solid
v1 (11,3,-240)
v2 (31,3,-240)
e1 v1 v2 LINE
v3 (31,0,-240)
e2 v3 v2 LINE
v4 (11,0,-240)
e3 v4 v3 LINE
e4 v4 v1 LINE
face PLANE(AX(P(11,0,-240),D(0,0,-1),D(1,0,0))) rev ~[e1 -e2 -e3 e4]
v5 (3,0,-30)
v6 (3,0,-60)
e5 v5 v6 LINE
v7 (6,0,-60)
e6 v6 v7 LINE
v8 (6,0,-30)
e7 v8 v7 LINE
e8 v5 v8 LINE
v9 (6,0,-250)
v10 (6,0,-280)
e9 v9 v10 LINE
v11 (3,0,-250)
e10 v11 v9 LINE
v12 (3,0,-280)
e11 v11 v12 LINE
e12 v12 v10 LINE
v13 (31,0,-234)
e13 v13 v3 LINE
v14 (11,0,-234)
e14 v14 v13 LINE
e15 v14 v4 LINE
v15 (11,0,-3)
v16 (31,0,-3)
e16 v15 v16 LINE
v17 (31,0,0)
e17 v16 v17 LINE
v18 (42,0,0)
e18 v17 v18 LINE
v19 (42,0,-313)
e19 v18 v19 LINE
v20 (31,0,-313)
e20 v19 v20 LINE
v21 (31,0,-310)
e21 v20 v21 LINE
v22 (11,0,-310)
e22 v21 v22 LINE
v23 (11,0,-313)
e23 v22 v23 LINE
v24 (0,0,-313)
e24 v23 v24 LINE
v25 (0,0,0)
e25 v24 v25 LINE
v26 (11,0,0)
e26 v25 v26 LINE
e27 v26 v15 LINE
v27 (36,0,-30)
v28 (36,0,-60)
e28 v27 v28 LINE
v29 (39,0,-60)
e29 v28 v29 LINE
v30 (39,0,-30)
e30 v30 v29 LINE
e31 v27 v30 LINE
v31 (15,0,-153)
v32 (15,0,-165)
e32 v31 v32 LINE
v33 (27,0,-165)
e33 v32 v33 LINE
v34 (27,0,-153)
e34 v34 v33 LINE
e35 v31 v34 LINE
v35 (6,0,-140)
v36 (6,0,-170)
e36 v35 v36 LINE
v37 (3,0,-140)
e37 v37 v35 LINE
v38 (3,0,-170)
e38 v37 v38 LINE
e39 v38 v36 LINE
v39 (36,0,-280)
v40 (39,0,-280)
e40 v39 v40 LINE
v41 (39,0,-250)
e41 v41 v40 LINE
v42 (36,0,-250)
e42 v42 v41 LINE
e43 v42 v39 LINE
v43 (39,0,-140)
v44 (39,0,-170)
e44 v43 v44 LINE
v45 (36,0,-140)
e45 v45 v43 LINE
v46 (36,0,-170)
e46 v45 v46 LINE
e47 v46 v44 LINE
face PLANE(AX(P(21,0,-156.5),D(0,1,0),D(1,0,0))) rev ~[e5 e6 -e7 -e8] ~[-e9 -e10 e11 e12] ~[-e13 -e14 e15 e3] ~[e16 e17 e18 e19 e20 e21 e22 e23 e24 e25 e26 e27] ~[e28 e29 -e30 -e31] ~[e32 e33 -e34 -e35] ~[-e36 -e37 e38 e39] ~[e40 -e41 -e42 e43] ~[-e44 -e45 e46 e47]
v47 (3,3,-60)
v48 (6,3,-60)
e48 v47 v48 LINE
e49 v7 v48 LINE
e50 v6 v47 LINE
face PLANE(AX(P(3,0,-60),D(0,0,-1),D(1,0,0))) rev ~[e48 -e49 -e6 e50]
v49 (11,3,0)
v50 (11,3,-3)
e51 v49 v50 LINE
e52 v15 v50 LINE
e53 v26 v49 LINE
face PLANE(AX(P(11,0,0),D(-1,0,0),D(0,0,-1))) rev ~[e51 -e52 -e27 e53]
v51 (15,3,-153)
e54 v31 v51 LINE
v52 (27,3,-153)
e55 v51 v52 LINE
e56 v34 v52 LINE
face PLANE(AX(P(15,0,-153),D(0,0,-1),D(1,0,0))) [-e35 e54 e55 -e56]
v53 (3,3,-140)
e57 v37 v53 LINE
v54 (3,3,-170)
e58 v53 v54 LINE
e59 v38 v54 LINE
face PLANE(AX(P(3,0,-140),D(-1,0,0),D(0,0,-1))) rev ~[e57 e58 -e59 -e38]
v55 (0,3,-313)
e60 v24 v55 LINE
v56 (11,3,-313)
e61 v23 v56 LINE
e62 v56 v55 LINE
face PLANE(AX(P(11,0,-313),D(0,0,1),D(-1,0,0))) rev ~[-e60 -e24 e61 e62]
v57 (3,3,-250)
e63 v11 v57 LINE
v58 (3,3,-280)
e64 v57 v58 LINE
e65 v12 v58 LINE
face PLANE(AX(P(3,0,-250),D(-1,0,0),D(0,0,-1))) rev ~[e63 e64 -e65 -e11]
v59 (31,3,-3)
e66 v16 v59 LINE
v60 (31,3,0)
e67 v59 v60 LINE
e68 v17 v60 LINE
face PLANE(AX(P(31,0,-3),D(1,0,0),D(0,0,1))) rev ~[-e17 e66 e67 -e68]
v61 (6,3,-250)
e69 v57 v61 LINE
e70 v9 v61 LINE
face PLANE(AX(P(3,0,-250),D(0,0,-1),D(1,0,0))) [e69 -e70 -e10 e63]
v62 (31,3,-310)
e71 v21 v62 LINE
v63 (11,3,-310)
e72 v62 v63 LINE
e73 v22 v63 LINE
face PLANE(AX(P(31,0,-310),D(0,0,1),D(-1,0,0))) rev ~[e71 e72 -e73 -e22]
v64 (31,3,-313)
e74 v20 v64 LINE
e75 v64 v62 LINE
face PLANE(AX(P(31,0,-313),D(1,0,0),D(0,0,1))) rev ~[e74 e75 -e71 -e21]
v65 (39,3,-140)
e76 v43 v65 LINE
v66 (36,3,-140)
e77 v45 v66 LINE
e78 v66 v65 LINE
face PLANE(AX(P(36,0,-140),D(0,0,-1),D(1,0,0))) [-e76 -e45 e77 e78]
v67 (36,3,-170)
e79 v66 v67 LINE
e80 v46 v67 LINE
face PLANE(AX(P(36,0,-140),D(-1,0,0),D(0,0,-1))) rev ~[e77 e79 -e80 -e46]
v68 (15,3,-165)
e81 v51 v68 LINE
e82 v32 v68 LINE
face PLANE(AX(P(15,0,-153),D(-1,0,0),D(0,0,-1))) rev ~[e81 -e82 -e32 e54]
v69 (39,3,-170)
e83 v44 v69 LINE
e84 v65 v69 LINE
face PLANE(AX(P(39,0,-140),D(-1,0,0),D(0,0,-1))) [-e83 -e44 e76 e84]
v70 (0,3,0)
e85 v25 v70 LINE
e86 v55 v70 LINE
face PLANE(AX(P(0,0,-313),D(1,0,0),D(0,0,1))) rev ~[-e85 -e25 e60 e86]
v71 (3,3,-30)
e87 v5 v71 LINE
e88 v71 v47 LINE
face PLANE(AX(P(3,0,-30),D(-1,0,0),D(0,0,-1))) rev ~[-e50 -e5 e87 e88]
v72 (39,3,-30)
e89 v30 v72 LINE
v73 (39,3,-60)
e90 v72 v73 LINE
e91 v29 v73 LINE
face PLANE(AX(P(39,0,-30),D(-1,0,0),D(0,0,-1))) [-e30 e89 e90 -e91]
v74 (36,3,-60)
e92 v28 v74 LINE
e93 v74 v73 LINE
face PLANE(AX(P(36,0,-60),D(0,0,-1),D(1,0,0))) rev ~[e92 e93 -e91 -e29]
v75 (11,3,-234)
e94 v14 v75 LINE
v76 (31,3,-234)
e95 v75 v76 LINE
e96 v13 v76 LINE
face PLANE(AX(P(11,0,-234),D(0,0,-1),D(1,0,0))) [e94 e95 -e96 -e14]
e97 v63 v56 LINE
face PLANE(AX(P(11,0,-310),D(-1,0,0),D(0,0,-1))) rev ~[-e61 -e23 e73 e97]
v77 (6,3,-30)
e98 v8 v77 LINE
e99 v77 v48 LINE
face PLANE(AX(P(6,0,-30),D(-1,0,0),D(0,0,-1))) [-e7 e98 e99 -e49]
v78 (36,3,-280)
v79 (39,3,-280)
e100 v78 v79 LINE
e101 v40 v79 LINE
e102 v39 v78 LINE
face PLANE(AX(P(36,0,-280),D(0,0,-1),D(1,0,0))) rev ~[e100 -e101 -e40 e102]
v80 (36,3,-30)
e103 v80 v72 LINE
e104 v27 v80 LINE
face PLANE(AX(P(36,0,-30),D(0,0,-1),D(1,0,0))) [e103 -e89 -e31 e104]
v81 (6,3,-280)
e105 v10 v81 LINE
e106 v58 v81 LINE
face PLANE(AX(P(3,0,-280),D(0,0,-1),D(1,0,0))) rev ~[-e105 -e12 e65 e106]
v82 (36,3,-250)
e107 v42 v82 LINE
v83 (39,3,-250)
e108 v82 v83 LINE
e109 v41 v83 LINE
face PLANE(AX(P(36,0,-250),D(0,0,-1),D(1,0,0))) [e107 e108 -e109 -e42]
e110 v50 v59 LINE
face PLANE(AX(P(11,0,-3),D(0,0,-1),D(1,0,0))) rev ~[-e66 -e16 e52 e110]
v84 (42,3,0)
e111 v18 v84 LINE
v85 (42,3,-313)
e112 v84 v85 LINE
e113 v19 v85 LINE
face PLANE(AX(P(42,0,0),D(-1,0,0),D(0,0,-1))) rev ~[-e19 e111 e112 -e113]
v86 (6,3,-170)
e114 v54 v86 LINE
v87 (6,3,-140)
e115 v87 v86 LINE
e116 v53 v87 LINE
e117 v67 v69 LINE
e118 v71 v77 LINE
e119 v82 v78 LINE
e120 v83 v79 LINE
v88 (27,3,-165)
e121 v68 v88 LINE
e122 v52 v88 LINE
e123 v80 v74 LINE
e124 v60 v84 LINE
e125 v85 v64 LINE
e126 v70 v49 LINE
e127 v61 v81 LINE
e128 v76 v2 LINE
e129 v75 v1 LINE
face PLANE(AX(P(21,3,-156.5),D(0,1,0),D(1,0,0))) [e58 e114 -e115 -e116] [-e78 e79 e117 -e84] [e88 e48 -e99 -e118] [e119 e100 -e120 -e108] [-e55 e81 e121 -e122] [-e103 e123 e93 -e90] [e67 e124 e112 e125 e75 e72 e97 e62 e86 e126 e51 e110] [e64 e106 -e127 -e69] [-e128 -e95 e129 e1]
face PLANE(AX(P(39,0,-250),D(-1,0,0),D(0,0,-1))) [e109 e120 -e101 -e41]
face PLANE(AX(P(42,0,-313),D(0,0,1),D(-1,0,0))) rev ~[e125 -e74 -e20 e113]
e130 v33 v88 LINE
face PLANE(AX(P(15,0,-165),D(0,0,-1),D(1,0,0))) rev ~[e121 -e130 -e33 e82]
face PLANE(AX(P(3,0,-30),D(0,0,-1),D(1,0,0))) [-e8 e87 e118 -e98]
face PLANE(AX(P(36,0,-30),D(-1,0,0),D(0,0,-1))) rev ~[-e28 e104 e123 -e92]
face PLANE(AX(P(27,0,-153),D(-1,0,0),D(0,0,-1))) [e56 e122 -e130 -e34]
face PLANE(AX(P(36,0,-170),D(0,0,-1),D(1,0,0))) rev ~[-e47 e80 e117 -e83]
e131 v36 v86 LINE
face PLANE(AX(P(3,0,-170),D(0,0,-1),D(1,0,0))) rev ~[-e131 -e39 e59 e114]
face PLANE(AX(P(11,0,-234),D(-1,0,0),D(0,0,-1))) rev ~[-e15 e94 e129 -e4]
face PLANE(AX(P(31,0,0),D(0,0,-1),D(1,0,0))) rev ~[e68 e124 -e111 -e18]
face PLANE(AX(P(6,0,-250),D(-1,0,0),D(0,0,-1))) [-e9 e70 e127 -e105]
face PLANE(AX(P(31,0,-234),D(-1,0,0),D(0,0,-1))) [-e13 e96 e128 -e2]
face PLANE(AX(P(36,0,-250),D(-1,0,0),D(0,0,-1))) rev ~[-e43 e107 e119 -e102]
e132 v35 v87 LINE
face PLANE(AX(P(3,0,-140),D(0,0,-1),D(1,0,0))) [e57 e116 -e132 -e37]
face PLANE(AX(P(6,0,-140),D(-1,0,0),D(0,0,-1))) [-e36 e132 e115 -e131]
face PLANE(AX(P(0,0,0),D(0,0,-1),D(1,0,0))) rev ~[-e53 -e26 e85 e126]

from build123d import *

# Parameters (mm, degrees)
SKETCH1_W           = 3
SKETCH1_H           = 30
SKETCH1_W_2         = 12
SKETCH1_H_2         = 12
SKETCH1_W_3         = 20
SKETCH1_H_3         = 6
BOSS_EXTRUDE1_DEPTH = 3


with BuildPart() as part:
    # Sketch1 → Boss-Extrude1 (new body)
    with BuildSketch(Plane(origin=(0, 0, 0), x_dir=(1, 0, 0), z_dir=(0, 1, 0))):
        Polygon((0, 313), (0, 0), (11, 0), (11, 3), (31, 3), (31, 0), (42, 0), (42, 313), (31, 313), (31, 310), (11, 310), (11, 313), align=None)
        with Locations((4.5, 45)):
            Rectangle(SKETCH1_W, SKETCH1_H, mode=Mode.SUBTRACT)
        with Locations((4.5, 155)):
            Rectangle(SKETCH1_W, SKETCH1_H, mode=Mode.SUBTRACT)
        with Locations((37.5, 45)):
            Rectangle(SKETCH1_W, SKETCH1_H, mode=Mode.SUBTRACT)
        with Locations((37.5, 155)):
            Rectangle(SKETCH1_W, SKETCH1_H, mode=Mode.SUBTRACT)
        with Locations((21, 159)):
            Rectangle(SKETCH1_W_2, SKETCH1_H_2, mode=Mode.SUBTRACT)
        with Locations((4.5, 265)):
            Rectangle(SKETCH1_W, SKETCH1_H, mode=Mode.SUBTRACT)
        with Locations((21, 237)):
            Rectangle(SKETCH1_W_3, SKETCH1_H_3, mode=Mode.SUBTRACT)
        with Locations((37.5, 265)):
            Rectangle(SKETCH1_W, SKETCH1_H, mode=Mode.SUBTRACT)
    extrude(amount=BOSS_EXTRUDE1_DEPTH)


solid = part.part
